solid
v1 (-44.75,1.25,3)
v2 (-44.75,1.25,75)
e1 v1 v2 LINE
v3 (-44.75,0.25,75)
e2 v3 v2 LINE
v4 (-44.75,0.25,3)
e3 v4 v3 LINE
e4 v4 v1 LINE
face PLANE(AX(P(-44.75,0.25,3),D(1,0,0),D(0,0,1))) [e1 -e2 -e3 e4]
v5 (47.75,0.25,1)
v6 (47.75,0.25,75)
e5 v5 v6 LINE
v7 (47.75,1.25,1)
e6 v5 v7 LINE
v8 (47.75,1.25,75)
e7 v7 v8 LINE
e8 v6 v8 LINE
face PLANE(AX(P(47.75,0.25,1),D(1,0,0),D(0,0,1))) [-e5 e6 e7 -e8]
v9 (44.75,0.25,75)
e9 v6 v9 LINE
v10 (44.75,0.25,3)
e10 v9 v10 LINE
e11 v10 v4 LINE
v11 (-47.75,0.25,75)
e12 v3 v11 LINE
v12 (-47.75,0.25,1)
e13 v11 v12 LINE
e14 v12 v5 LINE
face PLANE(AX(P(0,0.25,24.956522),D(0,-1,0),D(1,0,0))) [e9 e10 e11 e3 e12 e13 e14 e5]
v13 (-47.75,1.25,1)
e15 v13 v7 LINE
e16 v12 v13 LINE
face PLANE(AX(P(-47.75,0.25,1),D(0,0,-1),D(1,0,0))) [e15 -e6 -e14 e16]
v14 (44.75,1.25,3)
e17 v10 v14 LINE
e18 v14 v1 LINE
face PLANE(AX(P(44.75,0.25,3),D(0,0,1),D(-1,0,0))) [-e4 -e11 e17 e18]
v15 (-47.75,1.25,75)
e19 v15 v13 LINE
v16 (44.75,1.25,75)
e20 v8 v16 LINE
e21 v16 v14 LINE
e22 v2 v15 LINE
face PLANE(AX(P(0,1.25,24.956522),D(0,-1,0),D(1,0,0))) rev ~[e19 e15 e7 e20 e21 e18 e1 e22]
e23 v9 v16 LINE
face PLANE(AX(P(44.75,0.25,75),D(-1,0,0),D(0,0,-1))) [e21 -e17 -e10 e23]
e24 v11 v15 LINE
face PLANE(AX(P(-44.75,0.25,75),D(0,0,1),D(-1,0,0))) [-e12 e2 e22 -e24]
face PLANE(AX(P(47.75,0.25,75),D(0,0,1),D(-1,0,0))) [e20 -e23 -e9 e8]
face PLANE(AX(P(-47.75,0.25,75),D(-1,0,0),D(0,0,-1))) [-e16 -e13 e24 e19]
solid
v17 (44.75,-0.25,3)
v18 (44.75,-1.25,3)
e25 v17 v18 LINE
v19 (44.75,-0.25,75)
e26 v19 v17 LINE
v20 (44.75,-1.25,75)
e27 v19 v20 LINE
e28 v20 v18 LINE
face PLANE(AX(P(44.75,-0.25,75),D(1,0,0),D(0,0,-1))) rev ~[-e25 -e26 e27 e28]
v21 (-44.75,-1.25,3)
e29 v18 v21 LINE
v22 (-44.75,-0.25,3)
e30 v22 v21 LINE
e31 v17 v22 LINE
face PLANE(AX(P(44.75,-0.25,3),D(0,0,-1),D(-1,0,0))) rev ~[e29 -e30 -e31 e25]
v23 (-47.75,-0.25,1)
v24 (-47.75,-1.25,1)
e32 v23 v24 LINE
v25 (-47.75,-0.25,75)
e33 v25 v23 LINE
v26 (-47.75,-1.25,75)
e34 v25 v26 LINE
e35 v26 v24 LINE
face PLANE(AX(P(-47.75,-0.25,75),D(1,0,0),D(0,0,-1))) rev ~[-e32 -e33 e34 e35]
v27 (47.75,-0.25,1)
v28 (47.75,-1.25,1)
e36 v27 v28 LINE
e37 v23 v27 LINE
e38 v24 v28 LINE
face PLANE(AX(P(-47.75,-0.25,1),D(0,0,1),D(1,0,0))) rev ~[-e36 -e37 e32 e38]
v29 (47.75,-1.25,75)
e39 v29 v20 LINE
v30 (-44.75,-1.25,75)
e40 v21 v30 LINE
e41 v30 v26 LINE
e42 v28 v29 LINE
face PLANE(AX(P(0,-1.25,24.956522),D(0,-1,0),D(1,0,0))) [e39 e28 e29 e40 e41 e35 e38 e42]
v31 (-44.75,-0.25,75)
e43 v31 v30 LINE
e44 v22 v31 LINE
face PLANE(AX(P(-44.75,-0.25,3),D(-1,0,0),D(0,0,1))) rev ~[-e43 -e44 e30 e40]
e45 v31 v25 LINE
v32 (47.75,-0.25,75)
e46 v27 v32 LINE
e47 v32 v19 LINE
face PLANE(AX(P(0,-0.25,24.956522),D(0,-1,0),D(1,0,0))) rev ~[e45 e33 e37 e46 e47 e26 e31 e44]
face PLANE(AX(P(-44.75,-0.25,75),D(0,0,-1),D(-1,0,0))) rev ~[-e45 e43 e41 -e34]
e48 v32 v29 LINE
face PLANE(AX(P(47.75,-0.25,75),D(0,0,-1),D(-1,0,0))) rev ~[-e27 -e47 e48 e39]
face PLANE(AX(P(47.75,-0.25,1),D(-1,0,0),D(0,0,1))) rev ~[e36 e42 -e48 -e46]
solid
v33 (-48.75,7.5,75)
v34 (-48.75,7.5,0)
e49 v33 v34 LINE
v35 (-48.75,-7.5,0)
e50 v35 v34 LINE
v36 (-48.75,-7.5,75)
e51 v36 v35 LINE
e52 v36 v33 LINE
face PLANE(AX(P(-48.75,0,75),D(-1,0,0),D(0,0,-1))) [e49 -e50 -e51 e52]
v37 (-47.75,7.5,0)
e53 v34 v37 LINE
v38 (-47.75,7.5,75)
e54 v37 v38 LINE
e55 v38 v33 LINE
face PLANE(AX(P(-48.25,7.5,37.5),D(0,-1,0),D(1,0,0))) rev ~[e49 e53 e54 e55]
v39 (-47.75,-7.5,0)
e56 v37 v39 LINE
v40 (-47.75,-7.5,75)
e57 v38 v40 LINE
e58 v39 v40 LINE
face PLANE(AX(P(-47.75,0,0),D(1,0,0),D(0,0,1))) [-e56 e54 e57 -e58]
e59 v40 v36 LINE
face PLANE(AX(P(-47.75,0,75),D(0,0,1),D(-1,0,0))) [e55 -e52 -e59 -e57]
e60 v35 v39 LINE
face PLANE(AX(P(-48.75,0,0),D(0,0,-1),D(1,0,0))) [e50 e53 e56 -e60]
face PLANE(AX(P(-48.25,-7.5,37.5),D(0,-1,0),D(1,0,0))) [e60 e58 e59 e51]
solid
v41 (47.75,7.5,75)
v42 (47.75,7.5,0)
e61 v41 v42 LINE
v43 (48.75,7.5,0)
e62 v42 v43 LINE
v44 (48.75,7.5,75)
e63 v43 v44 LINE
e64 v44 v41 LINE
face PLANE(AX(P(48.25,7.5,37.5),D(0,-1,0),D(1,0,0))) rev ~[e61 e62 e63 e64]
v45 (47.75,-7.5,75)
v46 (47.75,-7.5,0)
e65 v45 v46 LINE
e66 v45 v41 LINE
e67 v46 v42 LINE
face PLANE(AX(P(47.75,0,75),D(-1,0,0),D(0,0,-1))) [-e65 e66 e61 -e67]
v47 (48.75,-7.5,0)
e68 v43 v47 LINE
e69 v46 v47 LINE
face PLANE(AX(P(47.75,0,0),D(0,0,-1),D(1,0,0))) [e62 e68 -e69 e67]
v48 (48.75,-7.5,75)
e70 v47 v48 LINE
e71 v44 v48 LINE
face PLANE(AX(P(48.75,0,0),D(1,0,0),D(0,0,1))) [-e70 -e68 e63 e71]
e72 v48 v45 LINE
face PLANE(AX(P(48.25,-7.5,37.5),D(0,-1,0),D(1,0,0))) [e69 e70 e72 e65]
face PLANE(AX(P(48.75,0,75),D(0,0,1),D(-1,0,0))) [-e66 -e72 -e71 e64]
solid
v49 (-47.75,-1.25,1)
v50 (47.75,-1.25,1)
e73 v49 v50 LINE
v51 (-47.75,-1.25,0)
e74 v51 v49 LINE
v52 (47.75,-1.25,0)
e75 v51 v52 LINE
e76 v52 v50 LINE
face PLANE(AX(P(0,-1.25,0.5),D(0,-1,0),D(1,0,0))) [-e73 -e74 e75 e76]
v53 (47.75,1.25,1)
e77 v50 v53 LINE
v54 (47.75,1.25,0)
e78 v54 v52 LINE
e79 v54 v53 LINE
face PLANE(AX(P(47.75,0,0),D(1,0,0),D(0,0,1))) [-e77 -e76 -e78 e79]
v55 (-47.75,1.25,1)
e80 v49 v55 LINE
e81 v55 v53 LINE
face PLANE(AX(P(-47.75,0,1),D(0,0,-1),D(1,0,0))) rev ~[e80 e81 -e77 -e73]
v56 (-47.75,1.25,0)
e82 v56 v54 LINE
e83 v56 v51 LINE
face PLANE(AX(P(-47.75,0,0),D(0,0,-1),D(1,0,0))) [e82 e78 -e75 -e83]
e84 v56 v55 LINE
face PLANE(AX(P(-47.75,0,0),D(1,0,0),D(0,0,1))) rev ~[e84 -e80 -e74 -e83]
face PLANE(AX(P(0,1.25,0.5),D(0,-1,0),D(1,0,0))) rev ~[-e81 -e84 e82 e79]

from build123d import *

# Parameters (mm, degrees)
F1_DEPTH = 7.5
F0_W     = 95.5
F0_H     = 1
F2_DEPTH = 1.25
F3_START = 0.25
F3_DEPTH = 1
F4_START = -0.25
F4_DEPTH = 1


with BuildPart() as f1:
    # F0 (on Front) → F1 (new body, symmetric)
    with BuildSketch(Plane.XZ):
        Polygon((-48.75, 0), (-47.75, 0), (-47.75, 1), (-47.75, 75), (-48.75, 75), align=None)
    extrude(amount=F1_DEPTH, both=True)


with BuildPart() as f1b:
    # F0 (on Front) → F1, piece 2 (new body, symmetric)
    with BuildSketch(Plane.XZ):
        Polygon((47.75, 1), (47.75, 0), (48.75, 0), (48.75, 75), (47.75, 75), align=None)
    extrude(amount=F1_DEPTH, both=True)


with BuildPart() as f2:
    # F0 (on Front) → F2 (new body, symmetric)
    with BuildSketch(Plane.XZ):
        with Locations((0, 0.5)):
            Rectangle(F0_W, F0_H)
    extrude(amount=F2_DEPTH, both=True)


with BuildPart() as f3:
    # F0 (on Front) → F3 (new body)
    with BuildSketch(Plane.XZ.offset(F3_START)):
        Polygon((-47.75, 75), (-47.75, 1), (47.75, 1), (47.75, 75), (44.75, 75), (44.75, 3), (0, 3), (-44.75, 3), (-44.75, 75), align=None)
    extrude(amount=F3_DEPTH)


with BuildPart() as f4:
    # F0 (on Front) → F4 (new body)
    with BuildSketch(Plane.XZ.offset(F4_START)):
        Polygon((-47.75, 75), (-47.75, 1), (47.75, 1), (47.75, 75), (44.75, 75), (44.75, 3), (0, 3), (-44.75, 3), (-44.75, 75), align=None)
    extrude(amount=-F4_DEPTH)


solid = Compound([f1.part, f1b.part, f2.part, f3.part, f4.part])
